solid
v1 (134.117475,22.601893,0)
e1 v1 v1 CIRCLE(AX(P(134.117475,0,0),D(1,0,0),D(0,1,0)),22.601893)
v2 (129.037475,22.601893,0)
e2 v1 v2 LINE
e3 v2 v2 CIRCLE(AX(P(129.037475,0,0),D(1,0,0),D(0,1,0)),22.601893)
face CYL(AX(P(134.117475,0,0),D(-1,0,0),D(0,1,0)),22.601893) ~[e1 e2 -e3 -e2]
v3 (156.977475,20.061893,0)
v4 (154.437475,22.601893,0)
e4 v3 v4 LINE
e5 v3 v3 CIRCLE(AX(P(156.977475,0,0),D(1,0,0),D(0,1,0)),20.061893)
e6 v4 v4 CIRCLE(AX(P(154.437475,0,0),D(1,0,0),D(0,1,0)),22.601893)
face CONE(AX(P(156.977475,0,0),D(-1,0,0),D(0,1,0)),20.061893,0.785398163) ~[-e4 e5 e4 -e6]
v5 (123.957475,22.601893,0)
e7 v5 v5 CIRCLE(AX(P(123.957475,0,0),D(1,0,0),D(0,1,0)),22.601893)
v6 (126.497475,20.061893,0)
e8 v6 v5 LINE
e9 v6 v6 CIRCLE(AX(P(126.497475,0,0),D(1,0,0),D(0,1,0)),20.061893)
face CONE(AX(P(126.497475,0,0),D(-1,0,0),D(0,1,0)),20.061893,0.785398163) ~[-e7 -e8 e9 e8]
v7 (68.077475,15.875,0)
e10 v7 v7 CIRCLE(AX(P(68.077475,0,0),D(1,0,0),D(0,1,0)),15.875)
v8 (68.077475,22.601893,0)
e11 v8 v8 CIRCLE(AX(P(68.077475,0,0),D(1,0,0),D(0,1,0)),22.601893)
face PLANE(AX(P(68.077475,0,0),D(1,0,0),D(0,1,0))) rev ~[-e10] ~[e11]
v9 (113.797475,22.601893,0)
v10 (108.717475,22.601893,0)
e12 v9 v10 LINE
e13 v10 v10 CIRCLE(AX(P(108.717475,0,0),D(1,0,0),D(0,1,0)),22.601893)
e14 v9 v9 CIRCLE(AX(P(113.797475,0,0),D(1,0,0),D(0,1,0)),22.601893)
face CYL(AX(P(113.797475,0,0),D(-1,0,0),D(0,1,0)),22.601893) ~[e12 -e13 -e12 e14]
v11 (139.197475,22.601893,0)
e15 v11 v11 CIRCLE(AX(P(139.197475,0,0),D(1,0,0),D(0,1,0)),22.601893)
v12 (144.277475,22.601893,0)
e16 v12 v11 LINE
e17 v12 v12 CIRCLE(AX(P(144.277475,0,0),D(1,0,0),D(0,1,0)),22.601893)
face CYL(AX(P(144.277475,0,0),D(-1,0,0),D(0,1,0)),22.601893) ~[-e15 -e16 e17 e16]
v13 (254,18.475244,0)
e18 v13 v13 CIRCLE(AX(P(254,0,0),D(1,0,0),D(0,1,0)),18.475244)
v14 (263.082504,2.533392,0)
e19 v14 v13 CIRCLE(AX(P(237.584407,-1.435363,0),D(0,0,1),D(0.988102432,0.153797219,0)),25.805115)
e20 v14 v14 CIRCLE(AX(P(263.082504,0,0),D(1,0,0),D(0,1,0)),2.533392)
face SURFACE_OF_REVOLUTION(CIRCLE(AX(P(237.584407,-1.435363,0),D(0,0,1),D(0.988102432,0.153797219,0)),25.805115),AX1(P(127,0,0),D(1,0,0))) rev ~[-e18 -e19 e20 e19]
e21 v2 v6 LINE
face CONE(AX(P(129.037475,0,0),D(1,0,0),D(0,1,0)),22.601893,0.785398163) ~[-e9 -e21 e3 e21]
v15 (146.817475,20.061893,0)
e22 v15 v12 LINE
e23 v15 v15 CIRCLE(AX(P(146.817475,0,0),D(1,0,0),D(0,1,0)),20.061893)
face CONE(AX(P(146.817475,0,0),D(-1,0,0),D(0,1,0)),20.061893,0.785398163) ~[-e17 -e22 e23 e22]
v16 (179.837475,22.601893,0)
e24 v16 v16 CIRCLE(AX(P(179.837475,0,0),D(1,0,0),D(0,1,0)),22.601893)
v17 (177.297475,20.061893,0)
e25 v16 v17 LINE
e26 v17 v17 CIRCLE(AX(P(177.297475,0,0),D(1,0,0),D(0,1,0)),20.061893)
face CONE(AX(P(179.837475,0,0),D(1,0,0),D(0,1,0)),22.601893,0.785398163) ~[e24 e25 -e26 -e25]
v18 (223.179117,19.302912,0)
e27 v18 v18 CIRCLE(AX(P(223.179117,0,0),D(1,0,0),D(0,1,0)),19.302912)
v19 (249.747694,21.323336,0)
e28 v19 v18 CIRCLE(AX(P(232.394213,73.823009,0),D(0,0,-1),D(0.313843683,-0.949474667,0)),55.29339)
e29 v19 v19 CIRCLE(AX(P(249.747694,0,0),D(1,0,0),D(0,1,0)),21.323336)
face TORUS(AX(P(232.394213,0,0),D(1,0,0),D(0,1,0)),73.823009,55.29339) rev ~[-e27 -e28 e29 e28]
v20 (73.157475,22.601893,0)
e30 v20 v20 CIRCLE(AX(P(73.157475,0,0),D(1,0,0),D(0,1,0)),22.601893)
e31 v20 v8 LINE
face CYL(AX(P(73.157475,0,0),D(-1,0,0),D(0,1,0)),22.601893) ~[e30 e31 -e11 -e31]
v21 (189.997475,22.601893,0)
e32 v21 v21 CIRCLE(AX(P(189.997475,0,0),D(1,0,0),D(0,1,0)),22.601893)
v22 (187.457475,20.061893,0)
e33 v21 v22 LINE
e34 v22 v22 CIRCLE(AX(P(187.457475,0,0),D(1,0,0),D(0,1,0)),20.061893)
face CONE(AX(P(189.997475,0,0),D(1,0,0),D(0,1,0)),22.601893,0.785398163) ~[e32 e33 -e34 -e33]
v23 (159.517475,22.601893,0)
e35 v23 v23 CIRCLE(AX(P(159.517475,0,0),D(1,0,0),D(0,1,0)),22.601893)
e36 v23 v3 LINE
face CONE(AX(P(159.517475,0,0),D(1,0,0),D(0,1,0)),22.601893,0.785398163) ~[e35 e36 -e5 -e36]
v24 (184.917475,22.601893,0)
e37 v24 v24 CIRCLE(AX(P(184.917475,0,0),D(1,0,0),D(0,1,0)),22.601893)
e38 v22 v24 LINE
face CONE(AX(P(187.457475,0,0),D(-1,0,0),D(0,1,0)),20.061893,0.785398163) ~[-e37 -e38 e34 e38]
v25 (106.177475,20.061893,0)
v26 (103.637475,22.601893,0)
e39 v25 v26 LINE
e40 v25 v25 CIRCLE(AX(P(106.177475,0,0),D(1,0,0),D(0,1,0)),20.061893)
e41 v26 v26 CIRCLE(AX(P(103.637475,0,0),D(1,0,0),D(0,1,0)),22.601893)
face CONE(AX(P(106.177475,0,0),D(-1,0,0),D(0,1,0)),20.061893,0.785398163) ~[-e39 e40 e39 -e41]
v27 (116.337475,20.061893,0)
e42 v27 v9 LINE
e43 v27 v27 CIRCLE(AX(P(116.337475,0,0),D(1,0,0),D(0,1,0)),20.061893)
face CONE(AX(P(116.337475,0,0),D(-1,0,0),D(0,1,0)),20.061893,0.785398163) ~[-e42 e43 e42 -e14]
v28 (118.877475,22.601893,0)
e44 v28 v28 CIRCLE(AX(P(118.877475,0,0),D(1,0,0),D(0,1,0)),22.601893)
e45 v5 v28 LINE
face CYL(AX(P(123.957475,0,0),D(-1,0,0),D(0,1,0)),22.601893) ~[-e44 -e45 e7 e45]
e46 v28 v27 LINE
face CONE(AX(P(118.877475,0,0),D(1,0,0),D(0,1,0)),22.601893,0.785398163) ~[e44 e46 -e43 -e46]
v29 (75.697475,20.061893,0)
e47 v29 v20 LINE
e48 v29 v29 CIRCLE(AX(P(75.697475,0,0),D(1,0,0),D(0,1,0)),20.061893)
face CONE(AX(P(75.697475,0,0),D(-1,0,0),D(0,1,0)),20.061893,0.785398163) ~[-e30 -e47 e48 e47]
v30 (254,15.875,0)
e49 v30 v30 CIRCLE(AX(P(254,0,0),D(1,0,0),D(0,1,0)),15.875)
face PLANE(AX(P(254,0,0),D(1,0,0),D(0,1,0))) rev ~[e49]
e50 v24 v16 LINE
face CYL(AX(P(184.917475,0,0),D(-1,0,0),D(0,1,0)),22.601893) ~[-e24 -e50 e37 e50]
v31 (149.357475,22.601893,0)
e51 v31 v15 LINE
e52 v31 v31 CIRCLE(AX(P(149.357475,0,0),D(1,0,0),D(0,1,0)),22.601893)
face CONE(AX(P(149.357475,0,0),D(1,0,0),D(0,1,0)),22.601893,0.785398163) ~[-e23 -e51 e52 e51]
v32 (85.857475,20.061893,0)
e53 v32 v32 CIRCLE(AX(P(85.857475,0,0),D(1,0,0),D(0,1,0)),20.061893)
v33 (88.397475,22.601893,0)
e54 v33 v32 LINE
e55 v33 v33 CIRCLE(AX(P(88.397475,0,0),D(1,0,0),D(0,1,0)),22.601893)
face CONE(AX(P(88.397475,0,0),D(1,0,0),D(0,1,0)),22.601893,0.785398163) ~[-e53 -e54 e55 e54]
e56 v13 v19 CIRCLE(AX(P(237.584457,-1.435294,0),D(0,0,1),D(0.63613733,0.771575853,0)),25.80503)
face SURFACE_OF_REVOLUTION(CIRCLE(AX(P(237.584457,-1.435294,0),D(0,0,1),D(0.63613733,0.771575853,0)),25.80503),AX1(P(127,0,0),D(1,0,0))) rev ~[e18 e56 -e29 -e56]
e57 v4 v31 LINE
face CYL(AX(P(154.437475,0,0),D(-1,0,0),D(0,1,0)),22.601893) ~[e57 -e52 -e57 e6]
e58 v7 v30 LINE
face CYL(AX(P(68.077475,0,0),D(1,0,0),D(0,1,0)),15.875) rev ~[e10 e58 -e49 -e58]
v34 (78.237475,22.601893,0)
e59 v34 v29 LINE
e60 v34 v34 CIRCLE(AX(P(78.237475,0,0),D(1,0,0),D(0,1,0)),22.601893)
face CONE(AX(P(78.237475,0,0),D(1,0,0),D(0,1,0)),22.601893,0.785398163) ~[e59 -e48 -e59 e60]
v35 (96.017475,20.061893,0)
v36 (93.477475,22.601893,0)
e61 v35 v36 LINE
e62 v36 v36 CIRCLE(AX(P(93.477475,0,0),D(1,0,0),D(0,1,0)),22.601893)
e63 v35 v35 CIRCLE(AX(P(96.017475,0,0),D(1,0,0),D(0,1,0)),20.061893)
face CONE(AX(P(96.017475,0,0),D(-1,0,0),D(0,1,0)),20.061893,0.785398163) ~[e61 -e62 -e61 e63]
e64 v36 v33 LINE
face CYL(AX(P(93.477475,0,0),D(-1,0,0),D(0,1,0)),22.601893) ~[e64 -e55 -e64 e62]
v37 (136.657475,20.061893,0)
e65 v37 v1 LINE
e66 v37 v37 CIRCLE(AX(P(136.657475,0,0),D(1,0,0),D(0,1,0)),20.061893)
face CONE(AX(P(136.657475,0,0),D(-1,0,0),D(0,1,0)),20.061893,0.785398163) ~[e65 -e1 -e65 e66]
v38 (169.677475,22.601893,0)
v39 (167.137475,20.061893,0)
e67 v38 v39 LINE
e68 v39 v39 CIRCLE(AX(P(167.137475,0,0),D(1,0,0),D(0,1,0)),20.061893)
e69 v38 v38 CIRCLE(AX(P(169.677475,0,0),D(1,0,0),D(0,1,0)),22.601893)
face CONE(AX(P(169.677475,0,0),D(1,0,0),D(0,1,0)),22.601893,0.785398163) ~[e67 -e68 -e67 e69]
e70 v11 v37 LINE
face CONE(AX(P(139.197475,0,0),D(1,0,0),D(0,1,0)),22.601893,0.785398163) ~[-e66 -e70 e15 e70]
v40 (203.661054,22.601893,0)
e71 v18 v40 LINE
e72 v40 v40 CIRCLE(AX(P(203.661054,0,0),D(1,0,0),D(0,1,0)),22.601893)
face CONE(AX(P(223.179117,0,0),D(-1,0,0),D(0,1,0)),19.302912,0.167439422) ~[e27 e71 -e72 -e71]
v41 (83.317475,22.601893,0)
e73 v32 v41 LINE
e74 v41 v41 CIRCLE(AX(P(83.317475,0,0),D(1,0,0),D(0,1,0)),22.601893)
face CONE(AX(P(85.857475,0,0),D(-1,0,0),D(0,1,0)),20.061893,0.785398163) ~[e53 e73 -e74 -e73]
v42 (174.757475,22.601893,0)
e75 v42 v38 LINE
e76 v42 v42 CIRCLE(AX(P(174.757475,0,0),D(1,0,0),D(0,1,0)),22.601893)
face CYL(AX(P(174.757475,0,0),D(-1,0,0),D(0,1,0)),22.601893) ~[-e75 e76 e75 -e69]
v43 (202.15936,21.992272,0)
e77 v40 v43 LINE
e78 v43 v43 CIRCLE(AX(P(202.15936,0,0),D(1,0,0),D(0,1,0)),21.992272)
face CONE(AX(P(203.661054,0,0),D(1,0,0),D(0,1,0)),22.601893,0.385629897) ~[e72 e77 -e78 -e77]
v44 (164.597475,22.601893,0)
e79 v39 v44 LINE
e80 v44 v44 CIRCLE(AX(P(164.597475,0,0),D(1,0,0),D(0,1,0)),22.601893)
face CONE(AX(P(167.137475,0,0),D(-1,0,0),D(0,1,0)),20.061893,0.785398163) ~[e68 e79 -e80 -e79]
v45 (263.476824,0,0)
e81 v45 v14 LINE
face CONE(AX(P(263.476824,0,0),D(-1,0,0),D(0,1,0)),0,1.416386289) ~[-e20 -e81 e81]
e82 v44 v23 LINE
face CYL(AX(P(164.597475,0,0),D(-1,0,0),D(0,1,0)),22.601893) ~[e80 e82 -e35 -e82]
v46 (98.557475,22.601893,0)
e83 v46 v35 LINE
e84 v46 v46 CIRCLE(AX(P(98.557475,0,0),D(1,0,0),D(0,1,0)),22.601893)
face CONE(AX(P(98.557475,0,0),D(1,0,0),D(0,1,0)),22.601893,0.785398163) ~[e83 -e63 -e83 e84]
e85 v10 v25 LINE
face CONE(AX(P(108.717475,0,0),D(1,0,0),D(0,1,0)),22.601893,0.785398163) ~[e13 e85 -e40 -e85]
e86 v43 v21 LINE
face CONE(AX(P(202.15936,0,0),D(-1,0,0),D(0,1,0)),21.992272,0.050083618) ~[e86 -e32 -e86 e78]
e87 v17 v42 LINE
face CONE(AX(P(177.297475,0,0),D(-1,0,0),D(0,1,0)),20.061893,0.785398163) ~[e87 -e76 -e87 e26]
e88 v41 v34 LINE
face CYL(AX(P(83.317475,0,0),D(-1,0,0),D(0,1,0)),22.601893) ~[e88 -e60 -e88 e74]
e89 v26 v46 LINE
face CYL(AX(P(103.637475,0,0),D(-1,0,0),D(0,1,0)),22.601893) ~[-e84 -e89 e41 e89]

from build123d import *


with BuildPart() as f1:
    # F0 (on Top) → F1 (revolve)
    with BuildSketch(Plane.XY):
        Polygon((68.077475, 22.601893), (68.077475, 15.875), (187.976122, 15.875), (187.976122, 20.58054), (187.457475, 20.061893), (184.917475, 22.601893), (179.837475, 22.601893), (177.297475, 20.061893), (174.757475, 22.601893), (169.677475, 22.601893), (167.137475, 20.061893), (164.597475, 22.601893), (159.517475, 22.601893), (156.977475, 20.061893), (154.437475, 22.601893), (149.357475, 22.601893), (146.817475, 20.061893), (144.277475, 22.601893), (139.197475, 22.601893), (136.657475, 20.061893), (134.117475, 22.601893), (129.037475, 22.601893), (126.497475, 20.061893), (123.957475, 22.601893), (118.877475, 22.601893), (116.337475, 20.061893), (113.797475, 22.601893), (108.717475, 22.601893), (106.177475, 20.061893), (103.637475, 22.601893), (98.557475, 22.601893), (96.017475, 20.061893), (93.477475, 22.601893), (88.397475, 22.601893), (85.857475, 20.061893), (83.317475, 22.601893), (78.237475, 22.601893), (75.697475, 20.061893), (73.157475, 22.601893), align=None)
        with BuildLine():
            Line((187.976122, 20.58054), (187.976122, 15.875))
            Line((187.976122, 15.875), (254, 15.875))
            Line((254, 15.875), (254, 18.475244))
            ThreePointArc((254, 18.475244), (251.94463, 20.004972), (249.747694, 21.323336))
            ThreePointArc((249.747694, 21.323336), (236.586927, 18.688808), (223.179117, 19.302912))
            Line((223.179117, 19.302912), (203.661054, 22.601893))
            Line((203.661054, 22.601893), (202.15936, 21.992272))
            Line((202.15936, 21.992272), (189.997475, 22.601893))
            Line((189.997475, 22.601893), (187.976122, 20.58054))
        make_face()
        with BuildLine():
            Line((254, 15.875), (254, 0))
            Line((254, 0), (263.476824, 0))
            Line((263.476824, 0), (263.082504, 2.533392))
            ThreePointArc((263.082504, 2.533392), (260.005937, 11.338789), (254, 18.475244))
            Line((254, 18.475244), (254, 15.875))
        make_face()
    revolve(axis=Axis((127, 0, 0), (1, 0, 0)))


solid = f1.part
